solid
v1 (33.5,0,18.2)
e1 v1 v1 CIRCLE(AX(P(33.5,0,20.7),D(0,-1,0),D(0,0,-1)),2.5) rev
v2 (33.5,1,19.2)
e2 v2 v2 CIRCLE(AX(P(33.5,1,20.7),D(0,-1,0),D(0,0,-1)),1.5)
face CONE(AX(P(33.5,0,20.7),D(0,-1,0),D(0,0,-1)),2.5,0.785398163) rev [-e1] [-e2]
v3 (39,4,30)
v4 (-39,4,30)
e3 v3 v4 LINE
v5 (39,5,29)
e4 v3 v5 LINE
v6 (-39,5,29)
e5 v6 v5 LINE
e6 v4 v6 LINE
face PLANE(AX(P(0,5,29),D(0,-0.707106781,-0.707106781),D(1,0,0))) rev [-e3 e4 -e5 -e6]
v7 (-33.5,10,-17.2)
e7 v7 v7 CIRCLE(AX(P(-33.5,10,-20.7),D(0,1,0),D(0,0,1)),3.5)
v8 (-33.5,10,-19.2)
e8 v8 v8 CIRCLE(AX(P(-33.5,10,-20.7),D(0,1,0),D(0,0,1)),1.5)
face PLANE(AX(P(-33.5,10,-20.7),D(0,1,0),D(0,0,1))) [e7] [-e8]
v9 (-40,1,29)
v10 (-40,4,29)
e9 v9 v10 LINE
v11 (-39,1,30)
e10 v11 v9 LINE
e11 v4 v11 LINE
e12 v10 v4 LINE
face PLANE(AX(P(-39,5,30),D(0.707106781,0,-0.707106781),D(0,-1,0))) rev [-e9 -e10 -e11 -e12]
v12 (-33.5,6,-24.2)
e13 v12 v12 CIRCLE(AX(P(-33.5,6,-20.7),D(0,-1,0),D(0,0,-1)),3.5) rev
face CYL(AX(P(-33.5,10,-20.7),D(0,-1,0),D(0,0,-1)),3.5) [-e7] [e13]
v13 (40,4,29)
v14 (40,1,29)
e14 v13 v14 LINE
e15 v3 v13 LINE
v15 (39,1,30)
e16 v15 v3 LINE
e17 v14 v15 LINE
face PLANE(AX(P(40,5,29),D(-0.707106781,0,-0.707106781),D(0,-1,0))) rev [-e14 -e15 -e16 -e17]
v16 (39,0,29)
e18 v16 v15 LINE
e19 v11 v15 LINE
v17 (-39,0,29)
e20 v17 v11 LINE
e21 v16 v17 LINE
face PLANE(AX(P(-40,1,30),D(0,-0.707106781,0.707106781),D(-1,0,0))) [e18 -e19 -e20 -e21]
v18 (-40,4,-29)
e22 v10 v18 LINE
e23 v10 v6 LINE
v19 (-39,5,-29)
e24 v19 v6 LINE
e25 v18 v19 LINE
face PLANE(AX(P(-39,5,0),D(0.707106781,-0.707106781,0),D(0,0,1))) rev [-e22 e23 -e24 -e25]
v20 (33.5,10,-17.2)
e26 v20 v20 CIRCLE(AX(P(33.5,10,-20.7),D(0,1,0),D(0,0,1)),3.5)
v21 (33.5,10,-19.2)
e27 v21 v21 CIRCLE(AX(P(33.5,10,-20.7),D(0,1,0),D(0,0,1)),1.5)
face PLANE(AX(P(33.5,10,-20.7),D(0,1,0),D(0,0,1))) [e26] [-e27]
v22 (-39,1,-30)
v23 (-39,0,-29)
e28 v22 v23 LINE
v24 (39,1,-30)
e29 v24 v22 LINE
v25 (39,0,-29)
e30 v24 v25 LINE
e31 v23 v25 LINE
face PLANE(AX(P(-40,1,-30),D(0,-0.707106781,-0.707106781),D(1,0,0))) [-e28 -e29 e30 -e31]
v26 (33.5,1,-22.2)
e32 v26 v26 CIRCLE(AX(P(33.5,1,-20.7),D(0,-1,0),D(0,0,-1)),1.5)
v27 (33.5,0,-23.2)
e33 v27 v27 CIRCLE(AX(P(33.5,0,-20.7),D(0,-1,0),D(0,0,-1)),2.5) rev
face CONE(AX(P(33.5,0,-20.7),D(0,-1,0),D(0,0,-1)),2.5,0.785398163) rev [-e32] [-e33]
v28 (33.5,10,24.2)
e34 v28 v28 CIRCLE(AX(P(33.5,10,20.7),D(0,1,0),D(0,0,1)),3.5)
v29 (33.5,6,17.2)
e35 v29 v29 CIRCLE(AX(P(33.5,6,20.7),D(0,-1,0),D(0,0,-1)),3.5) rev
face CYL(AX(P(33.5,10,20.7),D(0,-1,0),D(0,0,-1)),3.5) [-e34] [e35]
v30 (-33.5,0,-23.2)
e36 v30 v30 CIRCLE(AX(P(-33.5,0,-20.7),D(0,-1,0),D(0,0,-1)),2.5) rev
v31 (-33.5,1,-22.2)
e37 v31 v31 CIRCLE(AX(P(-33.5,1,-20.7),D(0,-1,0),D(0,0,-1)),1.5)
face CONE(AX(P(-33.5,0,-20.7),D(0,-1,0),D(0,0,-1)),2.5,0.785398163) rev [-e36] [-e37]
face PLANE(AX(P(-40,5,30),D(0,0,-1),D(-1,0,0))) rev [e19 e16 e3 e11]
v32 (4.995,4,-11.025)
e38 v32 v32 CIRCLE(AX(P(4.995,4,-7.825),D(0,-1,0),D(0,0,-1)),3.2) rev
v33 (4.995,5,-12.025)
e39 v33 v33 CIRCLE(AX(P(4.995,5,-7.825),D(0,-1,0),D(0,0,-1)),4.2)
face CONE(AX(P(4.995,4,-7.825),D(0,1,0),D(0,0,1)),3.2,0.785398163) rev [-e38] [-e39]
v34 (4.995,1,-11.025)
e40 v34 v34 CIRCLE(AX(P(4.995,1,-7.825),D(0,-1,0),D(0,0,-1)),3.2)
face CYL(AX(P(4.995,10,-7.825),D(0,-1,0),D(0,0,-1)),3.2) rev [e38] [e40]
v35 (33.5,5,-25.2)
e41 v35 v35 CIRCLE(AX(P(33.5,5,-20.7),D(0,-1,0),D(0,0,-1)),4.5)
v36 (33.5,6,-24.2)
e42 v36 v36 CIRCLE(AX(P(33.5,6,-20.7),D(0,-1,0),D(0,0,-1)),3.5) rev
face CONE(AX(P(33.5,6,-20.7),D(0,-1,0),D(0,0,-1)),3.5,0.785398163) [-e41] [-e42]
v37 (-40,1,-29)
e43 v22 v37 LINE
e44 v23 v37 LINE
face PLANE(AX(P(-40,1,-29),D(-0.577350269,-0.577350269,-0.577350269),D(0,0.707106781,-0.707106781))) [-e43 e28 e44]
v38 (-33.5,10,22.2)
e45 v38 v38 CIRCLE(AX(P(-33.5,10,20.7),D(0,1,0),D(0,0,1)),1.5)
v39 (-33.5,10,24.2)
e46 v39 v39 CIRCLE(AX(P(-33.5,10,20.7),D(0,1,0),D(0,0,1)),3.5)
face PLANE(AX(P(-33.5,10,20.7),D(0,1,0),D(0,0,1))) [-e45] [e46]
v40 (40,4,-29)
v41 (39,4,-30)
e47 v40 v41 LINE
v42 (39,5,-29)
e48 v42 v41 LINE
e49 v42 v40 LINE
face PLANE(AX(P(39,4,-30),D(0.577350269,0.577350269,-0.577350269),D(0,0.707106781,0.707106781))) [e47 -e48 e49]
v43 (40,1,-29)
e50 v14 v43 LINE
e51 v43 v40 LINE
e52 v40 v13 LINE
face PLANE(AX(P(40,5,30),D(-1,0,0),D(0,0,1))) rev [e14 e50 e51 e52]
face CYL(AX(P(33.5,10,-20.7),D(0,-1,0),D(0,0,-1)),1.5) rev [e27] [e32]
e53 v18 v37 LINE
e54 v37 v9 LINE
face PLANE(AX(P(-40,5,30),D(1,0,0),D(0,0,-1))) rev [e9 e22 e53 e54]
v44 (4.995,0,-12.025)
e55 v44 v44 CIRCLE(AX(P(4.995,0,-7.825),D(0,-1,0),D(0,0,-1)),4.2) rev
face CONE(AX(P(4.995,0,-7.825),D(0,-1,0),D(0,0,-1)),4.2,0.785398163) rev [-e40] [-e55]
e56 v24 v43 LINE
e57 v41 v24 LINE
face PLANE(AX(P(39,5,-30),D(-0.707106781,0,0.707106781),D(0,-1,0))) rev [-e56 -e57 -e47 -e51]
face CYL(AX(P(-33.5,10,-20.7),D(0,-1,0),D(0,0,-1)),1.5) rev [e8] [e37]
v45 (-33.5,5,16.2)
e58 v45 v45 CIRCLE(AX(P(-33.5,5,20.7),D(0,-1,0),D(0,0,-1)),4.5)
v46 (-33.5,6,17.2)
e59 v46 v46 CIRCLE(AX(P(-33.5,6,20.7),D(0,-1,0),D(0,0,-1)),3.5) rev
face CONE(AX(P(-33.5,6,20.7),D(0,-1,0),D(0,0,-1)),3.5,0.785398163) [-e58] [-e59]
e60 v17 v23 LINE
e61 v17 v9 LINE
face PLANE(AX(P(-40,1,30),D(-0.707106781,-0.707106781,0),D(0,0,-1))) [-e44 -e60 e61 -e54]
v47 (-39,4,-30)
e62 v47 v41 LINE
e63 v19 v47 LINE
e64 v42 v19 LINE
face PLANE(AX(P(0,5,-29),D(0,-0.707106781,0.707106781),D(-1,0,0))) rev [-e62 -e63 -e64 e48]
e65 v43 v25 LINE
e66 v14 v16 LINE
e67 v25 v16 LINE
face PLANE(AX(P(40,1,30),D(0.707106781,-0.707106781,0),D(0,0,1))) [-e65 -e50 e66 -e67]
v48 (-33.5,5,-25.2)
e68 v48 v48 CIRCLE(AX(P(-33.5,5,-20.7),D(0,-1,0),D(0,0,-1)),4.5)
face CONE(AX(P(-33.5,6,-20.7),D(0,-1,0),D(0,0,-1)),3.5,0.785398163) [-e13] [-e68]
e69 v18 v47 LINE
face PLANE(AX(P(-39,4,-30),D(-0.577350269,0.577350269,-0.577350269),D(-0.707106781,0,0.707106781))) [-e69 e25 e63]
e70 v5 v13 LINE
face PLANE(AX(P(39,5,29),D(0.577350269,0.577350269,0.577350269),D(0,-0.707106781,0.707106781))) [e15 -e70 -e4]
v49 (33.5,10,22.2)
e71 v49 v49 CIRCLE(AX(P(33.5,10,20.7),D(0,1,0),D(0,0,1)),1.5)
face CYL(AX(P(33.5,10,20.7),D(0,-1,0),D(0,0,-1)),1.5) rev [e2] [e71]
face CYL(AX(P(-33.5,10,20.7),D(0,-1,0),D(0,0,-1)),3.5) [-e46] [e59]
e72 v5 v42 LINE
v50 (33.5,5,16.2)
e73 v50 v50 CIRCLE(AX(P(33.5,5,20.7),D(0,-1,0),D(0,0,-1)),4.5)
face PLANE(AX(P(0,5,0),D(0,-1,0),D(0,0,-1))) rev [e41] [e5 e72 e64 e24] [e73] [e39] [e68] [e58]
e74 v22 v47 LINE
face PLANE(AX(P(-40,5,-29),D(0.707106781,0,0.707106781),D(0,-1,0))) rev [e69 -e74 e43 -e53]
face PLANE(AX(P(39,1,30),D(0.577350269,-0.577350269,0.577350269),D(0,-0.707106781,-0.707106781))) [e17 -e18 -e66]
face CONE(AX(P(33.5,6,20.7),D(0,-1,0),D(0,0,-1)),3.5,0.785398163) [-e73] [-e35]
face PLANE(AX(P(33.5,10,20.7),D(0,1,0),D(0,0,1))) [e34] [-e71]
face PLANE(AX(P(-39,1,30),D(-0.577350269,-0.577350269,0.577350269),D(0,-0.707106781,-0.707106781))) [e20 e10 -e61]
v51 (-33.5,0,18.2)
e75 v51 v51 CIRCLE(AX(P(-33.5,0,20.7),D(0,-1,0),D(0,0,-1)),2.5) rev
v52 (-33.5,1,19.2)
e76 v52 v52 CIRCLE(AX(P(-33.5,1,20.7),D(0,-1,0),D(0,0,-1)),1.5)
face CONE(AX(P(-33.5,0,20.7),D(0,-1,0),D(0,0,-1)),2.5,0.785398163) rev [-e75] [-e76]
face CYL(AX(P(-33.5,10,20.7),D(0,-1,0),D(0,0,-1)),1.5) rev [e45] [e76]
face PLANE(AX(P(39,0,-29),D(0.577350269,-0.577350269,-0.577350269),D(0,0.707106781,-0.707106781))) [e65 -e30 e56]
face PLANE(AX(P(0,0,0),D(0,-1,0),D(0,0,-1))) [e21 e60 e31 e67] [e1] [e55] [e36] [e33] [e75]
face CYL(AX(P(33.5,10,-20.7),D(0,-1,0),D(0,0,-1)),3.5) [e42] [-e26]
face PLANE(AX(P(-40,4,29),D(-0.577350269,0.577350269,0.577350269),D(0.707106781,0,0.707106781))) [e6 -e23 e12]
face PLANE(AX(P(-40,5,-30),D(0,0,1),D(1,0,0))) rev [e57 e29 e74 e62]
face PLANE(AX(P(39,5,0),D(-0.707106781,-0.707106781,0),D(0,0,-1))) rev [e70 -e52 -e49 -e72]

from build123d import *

# Parameters (mm, degrees)
SKETCH3_W           = 80
SKETCH3_H           = 60
BOSS_EXTRUDE1_DEPTH = 5
SKETCH5_R           = 3.5
BOSS_EXTRUDE2_DEPTH = 5
SKETCH6_R           = 1.5
SKETCH6_R_2         = 3.2
CUT_EXTRUDE1_DEPTH  = 11
CHAMFER1_SIZE       = 1


with BuildPart() as part:
    # Sketch3 → Boss-Extrude1 (new body)
    with BuildSketch(Plane(origin=(0, 0, 0), x_dir=(1, 0, 0), z_dir=(0, 1, 0))):
        Rectangle(SKETCH3_W, SKETCH3_H)
    extrude(amount=BOSS_EXTRUDE1_DEPTH)

    # Sketch5 → Boss-Extrude2 (add)
    with BuildSketch(Plane(origin=(0, 5, 0), x_dir=(1, 0, 0), z_dir=(0, 1, 0))):
        with Locations((33.5, 20.7)):
            Circle(SKETCH5_R)
        with Locations((33.5, -20.7)):
            Circle(SKETCH5_R)
        with Locations((-33.5, -20.7)):
            Circle(SKETCH5_R)
        with Locations((-33.5, 20.7)):
            Circle(SKETCH5_R)
    extrude(amount=BOSS_EXTRUDE2_DEPTH)

    # Sketch6 → Cut-Extrude1 (cut, through all)
    with BuildSketch(Plane(origin=(0, 0, 0), x_dir=(1, 0, 0), z_dir=(0, 1, 0))):
        with Locations((33.5, -20.7)):
            Circle(SKETCH6_R)
        with Locations((33.5, 20.7)):
            Circle(SKETCH6_R)
        with Locations((-33.5, -20.7)):
            Circle(SKETCH6_R)
        with Locations((-33.5, 20.7)):
            Circle(SKETCH6_R)
        with Locations((4.995, 7.825)):
            Circle(SKETCH6_R_2)
    extrude(amount=CUT_EXTRUDE1_DEPTH, mode=Mode.SUBTRACT)

    # Chamfer1
    chamfer1_edges = [part.edges().sort_by_distance(p)[0] for p in [
        (-40, 5, 0),
        (30, 5, -20.7),
        (0, 5, 30),
        (30, 5, 20.7),
        (-37, 5, 20.7),
        (-37, 5, -20.7),
        (32, 0, -20.7),
        (-35, 0, 20.7),
        (-35, 0, -20.7),
        (1.795, 0, -7.825),
        (1.795, 5, -7.825),
        (32, 0, 20.7),
        (40, 5, 0),
        (0, 0, 30),
        (-40, 0, 0),
        (0, 0, -30),
        (40, 0, 0),
        (40, 2.5, 30),
        (-40, 2.5, 30),
        (-40, 2.5, -30),
        (40, 2.5, -30),
        (0, 5, -30),
    ]]
    chamfer(chamfer1_edges, length=CHAMFER1_SIZE)


solid = part.part
